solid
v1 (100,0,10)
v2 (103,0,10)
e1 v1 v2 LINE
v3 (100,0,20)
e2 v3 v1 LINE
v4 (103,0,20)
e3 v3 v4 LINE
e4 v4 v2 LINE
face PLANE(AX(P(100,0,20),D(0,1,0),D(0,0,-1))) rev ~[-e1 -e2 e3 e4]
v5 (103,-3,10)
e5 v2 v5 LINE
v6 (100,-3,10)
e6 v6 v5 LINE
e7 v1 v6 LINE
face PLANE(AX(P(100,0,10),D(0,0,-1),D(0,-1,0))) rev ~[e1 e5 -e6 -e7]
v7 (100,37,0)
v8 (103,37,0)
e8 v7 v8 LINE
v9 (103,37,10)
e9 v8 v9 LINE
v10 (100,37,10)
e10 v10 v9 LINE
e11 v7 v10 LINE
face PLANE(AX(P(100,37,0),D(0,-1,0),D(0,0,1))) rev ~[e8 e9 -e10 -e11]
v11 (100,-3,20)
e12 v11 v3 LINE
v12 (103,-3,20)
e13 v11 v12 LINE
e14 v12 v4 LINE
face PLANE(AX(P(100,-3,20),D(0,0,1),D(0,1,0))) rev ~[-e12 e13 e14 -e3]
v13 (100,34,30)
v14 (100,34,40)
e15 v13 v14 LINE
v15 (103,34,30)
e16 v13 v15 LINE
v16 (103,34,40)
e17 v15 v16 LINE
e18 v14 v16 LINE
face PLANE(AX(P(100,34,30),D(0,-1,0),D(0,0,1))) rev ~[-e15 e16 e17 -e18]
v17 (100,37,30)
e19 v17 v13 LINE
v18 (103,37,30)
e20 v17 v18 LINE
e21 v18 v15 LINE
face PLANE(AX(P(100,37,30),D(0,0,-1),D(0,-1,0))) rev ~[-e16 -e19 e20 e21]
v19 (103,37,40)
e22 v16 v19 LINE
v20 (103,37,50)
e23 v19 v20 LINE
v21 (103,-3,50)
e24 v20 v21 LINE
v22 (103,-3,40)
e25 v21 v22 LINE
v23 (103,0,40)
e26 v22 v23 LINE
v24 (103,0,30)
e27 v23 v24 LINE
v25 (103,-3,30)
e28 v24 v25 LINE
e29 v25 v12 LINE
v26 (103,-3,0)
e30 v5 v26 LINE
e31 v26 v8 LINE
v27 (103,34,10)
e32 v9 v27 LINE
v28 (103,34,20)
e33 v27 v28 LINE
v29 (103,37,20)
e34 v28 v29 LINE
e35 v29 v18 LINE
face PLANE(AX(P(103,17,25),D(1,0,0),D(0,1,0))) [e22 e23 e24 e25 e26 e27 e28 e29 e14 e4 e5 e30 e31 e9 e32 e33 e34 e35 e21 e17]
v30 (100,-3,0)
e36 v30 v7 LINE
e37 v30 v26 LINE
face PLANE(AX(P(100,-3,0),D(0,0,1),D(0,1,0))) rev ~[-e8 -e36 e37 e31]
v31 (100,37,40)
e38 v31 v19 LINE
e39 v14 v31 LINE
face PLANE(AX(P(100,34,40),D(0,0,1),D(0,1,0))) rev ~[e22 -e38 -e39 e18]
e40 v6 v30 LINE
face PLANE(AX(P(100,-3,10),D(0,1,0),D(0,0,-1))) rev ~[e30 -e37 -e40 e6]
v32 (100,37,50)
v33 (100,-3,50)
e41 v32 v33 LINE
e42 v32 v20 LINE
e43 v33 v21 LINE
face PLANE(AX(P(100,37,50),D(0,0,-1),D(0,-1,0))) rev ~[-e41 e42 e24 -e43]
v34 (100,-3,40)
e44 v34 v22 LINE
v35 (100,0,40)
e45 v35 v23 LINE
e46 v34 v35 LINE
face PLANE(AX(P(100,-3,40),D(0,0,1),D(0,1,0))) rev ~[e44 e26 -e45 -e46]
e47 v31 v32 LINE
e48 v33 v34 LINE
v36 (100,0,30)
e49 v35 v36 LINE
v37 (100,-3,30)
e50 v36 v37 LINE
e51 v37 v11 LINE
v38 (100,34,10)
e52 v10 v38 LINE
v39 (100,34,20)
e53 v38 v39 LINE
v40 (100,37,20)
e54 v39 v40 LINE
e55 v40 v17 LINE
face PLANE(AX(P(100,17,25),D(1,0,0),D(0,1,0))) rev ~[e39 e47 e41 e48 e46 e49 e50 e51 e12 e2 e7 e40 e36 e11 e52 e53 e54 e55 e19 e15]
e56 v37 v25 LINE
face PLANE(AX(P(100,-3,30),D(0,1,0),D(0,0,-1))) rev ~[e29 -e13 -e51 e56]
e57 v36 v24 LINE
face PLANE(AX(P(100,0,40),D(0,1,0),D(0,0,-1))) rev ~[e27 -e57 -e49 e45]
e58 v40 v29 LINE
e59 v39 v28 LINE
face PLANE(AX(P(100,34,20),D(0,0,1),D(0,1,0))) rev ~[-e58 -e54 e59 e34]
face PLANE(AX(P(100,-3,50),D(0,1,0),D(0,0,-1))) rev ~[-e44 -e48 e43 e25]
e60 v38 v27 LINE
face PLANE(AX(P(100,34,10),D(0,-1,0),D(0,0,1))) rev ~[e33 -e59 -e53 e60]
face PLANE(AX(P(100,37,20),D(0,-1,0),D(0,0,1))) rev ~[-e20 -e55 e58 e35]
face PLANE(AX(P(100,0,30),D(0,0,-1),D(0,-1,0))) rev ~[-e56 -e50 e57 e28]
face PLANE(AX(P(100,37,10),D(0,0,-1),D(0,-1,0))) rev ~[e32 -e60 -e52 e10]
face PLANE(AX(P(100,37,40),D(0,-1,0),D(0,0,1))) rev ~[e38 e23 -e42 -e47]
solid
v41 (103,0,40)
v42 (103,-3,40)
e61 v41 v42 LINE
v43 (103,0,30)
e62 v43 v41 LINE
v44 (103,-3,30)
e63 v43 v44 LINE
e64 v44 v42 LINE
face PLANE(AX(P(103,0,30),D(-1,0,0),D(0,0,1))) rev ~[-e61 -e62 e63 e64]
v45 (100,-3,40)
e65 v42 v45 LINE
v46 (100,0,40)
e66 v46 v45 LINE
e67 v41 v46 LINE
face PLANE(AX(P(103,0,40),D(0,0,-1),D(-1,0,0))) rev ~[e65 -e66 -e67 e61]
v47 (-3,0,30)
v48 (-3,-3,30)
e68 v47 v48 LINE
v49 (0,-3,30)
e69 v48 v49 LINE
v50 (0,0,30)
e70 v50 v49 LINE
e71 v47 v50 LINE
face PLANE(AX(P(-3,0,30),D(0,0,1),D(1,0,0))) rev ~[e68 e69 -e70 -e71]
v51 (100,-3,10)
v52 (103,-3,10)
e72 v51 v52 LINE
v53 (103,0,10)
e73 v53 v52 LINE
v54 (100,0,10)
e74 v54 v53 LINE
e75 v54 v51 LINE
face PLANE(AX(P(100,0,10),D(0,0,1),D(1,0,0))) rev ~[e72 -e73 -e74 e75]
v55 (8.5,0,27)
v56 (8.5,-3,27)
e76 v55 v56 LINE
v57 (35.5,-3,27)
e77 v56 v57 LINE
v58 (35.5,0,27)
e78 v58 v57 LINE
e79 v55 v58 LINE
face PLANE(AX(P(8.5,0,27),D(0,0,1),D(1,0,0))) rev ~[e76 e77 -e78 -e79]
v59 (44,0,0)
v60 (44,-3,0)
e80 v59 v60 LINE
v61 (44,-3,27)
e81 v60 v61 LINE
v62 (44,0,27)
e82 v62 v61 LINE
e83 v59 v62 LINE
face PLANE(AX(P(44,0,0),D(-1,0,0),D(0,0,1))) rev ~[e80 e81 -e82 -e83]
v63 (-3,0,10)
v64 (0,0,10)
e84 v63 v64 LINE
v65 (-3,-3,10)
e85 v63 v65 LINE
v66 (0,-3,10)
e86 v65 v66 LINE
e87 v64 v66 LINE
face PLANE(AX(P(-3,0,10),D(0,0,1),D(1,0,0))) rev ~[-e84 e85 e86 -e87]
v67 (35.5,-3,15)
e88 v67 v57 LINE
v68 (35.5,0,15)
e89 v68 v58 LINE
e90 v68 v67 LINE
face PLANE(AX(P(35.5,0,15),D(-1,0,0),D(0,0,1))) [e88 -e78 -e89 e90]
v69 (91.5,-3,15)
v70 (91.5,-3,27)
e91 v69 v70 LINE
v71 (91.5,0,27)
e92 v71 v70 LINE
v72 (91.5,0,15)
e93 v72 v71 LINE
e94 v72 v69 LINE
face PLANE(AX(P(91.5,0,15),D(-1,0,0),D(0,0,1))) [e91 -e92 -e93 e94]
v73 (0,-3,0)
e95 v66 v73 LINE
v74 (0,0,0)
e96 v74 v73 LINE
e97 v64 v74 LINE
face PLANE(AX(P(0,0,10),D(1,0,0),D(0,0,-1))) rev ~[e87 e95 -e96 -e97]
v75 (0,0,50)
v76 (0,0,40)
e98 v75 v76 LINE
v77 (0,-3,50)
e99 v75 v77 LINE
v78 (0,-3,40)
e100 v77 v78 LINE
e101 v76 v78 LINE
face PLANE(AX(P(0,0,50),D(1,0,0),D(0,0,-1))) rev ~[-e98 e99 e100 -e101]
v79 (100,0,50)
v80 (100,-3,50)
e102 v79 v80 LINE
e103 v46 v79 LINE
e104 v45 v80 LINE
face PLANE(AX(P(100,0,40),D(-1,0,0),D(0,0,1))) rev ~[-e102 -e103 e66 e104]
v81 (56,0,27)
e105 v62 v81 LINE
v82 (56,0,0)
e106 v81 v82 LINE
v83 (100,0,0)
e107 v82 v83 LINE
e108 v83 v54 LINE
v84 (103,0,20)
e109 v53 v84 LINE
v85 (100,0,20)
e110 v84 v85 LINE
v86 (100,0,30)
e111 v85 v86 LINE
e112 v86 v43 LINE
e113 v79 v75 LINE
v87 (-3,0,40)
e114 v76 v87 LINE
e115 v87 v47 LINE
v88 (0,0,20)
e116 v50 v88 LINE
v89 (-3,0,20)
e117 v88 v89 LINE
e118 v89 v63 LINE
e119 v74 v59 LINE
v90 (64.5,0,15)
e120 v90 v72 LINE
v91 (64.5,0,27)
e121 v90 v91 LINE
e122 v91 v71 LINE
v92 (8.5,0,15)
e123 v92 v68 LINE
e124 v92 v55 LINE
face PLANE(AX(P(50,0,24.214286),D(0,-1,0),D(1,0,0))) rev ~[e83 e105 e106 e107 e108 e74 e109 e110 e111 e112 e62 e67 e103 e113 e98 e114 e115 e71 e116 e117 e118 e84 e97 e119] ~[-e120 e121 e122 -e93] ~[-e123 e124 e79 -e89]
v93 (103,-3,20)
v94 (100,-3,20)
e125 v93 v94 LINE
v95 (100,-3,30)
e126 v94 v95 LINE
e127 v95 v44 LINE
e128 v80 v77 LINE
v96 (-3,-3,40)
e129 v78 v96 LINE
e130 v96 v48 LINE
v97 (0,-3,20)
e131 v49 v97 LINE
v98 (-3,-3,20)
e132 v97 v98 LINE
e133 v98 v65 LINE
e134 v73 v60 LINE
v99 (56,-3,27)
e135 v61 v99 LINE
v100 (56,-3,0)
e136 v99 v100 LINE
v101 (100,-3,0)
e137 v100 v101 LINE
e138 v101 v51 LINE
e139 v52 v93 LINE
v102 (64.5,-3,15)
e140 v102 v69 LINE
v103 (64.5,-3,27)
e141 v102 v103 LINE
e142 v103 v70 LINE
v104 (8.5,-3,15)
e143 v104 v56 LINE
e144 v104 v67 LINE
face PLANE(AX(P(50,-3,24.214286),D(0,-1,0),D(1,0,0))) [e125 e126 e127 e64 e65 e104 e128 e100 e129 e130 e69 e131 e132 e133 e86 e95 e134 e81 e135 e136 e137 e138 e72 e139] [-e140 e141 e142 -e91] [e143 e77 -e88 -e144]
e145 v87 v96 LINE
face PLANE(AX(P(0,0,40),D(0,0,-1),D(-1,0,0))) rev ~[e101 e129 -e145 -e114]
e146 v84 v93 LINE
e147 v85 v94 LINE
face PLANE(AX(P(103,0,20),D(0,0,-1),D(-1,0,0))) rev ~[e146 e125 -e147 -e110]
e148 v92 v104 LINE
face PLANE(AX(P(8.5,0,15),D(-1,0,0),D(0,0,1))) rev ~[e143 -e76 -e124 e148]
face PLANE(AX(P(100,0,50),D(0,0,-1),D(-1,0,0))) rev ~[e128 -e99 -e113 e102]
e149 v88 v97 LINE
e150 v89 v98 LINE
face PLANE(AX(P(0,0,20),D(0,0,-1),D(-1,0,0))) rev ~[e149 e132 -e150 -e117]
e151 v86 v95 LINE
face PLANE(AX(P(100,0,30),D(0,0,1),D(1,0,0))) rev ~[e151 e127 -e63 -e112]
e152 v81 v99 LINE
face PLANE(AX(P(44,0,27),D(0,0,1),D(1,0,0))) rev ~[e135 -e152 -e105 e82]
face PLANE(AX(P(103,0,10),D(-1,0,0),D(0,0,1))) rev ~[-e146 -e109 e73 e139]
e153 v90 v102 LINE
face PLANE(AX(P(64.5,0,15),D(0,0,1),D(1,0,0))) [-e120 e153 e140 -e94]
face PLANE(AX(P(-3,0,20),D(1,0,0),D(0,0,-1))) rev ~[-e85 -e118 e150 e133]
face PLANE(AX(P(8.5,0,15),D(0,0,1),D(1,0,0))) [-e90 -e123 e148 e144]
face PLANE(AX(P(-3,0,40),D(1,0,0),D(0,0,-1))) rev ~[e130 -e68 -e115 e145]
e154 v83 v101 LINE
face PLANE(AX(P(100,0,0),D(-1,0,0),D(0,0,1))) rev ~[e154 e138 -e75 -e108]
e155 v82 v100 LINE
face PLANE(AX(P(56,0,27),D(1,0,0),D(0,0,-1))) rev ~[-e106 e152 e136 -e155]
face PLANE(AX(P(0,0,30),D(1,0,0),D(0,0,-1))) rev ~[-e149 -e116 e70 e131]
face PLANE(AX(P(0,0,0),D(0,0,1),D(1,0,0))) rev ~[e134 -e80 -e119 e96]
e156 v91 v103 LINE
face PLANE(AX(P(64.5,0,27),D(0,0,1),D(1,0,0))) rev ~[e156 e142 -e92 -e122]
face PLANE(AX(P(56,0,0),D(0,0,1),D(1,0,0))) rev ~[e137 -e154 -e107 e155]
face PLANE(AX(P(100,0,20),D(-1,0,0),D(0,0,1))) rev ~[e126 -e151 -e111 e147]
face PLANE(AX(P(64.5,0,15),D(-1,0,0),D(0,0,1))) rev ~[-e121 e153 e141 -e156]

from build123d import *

# Parameters (mm, degrees)
F0_W     = 27
F0_H     = 12
F1_DEPTH = 3
F3_DEPTH = 3


with BuildPart() as f1:
    # F0 (on Front) → F1 (new body)
    with BuildSketch(Plane.XZ):
        Polygon((0, 10), (0, 0), (44, 0), (44, 27), (56, 27), (56, 0), (100, 0), (100, 10), (103, 10), (103, 20), (100, 20), (100, 30), (103, 30), (103, 40), (100, 40), (100, 50), (0, 50), (0, 40), (-3, 40), (-3, 30), (0, 30), (0, 20), (-3, 20), (-3, 10), align=None)
        with Locations((22, 21)):
            Rectangle(F0_W, F0_H, mode=Mode.SUBTRACT)
        with Locations((78, 21)):
            Rectangle(F0_W, F0_H, mode=Mode.SUBTRACT)
    extrude(amount=F1_DEPTH)


with BuildPart() as f3:
    # F2 (on face) → F3 (new body)
    with BuildSketch(Plane.YZ.offset(100)):
        Polygon((37, 50), (-3, 50), (-3, 40), (0, 40), (0, 30), (-3, 30), (-3, 20), (0, 20), (0, 10), (-3, 10), (-3, 0), (37, 0), (37, 10), (34, 10), (34, 20), (37, 20), (37, 30), (34, 30), (34, 40), (37, 40), align=None)
    extrude(amount=F3_DEPTH)


solid = Compound([f1.part, f3.part])
